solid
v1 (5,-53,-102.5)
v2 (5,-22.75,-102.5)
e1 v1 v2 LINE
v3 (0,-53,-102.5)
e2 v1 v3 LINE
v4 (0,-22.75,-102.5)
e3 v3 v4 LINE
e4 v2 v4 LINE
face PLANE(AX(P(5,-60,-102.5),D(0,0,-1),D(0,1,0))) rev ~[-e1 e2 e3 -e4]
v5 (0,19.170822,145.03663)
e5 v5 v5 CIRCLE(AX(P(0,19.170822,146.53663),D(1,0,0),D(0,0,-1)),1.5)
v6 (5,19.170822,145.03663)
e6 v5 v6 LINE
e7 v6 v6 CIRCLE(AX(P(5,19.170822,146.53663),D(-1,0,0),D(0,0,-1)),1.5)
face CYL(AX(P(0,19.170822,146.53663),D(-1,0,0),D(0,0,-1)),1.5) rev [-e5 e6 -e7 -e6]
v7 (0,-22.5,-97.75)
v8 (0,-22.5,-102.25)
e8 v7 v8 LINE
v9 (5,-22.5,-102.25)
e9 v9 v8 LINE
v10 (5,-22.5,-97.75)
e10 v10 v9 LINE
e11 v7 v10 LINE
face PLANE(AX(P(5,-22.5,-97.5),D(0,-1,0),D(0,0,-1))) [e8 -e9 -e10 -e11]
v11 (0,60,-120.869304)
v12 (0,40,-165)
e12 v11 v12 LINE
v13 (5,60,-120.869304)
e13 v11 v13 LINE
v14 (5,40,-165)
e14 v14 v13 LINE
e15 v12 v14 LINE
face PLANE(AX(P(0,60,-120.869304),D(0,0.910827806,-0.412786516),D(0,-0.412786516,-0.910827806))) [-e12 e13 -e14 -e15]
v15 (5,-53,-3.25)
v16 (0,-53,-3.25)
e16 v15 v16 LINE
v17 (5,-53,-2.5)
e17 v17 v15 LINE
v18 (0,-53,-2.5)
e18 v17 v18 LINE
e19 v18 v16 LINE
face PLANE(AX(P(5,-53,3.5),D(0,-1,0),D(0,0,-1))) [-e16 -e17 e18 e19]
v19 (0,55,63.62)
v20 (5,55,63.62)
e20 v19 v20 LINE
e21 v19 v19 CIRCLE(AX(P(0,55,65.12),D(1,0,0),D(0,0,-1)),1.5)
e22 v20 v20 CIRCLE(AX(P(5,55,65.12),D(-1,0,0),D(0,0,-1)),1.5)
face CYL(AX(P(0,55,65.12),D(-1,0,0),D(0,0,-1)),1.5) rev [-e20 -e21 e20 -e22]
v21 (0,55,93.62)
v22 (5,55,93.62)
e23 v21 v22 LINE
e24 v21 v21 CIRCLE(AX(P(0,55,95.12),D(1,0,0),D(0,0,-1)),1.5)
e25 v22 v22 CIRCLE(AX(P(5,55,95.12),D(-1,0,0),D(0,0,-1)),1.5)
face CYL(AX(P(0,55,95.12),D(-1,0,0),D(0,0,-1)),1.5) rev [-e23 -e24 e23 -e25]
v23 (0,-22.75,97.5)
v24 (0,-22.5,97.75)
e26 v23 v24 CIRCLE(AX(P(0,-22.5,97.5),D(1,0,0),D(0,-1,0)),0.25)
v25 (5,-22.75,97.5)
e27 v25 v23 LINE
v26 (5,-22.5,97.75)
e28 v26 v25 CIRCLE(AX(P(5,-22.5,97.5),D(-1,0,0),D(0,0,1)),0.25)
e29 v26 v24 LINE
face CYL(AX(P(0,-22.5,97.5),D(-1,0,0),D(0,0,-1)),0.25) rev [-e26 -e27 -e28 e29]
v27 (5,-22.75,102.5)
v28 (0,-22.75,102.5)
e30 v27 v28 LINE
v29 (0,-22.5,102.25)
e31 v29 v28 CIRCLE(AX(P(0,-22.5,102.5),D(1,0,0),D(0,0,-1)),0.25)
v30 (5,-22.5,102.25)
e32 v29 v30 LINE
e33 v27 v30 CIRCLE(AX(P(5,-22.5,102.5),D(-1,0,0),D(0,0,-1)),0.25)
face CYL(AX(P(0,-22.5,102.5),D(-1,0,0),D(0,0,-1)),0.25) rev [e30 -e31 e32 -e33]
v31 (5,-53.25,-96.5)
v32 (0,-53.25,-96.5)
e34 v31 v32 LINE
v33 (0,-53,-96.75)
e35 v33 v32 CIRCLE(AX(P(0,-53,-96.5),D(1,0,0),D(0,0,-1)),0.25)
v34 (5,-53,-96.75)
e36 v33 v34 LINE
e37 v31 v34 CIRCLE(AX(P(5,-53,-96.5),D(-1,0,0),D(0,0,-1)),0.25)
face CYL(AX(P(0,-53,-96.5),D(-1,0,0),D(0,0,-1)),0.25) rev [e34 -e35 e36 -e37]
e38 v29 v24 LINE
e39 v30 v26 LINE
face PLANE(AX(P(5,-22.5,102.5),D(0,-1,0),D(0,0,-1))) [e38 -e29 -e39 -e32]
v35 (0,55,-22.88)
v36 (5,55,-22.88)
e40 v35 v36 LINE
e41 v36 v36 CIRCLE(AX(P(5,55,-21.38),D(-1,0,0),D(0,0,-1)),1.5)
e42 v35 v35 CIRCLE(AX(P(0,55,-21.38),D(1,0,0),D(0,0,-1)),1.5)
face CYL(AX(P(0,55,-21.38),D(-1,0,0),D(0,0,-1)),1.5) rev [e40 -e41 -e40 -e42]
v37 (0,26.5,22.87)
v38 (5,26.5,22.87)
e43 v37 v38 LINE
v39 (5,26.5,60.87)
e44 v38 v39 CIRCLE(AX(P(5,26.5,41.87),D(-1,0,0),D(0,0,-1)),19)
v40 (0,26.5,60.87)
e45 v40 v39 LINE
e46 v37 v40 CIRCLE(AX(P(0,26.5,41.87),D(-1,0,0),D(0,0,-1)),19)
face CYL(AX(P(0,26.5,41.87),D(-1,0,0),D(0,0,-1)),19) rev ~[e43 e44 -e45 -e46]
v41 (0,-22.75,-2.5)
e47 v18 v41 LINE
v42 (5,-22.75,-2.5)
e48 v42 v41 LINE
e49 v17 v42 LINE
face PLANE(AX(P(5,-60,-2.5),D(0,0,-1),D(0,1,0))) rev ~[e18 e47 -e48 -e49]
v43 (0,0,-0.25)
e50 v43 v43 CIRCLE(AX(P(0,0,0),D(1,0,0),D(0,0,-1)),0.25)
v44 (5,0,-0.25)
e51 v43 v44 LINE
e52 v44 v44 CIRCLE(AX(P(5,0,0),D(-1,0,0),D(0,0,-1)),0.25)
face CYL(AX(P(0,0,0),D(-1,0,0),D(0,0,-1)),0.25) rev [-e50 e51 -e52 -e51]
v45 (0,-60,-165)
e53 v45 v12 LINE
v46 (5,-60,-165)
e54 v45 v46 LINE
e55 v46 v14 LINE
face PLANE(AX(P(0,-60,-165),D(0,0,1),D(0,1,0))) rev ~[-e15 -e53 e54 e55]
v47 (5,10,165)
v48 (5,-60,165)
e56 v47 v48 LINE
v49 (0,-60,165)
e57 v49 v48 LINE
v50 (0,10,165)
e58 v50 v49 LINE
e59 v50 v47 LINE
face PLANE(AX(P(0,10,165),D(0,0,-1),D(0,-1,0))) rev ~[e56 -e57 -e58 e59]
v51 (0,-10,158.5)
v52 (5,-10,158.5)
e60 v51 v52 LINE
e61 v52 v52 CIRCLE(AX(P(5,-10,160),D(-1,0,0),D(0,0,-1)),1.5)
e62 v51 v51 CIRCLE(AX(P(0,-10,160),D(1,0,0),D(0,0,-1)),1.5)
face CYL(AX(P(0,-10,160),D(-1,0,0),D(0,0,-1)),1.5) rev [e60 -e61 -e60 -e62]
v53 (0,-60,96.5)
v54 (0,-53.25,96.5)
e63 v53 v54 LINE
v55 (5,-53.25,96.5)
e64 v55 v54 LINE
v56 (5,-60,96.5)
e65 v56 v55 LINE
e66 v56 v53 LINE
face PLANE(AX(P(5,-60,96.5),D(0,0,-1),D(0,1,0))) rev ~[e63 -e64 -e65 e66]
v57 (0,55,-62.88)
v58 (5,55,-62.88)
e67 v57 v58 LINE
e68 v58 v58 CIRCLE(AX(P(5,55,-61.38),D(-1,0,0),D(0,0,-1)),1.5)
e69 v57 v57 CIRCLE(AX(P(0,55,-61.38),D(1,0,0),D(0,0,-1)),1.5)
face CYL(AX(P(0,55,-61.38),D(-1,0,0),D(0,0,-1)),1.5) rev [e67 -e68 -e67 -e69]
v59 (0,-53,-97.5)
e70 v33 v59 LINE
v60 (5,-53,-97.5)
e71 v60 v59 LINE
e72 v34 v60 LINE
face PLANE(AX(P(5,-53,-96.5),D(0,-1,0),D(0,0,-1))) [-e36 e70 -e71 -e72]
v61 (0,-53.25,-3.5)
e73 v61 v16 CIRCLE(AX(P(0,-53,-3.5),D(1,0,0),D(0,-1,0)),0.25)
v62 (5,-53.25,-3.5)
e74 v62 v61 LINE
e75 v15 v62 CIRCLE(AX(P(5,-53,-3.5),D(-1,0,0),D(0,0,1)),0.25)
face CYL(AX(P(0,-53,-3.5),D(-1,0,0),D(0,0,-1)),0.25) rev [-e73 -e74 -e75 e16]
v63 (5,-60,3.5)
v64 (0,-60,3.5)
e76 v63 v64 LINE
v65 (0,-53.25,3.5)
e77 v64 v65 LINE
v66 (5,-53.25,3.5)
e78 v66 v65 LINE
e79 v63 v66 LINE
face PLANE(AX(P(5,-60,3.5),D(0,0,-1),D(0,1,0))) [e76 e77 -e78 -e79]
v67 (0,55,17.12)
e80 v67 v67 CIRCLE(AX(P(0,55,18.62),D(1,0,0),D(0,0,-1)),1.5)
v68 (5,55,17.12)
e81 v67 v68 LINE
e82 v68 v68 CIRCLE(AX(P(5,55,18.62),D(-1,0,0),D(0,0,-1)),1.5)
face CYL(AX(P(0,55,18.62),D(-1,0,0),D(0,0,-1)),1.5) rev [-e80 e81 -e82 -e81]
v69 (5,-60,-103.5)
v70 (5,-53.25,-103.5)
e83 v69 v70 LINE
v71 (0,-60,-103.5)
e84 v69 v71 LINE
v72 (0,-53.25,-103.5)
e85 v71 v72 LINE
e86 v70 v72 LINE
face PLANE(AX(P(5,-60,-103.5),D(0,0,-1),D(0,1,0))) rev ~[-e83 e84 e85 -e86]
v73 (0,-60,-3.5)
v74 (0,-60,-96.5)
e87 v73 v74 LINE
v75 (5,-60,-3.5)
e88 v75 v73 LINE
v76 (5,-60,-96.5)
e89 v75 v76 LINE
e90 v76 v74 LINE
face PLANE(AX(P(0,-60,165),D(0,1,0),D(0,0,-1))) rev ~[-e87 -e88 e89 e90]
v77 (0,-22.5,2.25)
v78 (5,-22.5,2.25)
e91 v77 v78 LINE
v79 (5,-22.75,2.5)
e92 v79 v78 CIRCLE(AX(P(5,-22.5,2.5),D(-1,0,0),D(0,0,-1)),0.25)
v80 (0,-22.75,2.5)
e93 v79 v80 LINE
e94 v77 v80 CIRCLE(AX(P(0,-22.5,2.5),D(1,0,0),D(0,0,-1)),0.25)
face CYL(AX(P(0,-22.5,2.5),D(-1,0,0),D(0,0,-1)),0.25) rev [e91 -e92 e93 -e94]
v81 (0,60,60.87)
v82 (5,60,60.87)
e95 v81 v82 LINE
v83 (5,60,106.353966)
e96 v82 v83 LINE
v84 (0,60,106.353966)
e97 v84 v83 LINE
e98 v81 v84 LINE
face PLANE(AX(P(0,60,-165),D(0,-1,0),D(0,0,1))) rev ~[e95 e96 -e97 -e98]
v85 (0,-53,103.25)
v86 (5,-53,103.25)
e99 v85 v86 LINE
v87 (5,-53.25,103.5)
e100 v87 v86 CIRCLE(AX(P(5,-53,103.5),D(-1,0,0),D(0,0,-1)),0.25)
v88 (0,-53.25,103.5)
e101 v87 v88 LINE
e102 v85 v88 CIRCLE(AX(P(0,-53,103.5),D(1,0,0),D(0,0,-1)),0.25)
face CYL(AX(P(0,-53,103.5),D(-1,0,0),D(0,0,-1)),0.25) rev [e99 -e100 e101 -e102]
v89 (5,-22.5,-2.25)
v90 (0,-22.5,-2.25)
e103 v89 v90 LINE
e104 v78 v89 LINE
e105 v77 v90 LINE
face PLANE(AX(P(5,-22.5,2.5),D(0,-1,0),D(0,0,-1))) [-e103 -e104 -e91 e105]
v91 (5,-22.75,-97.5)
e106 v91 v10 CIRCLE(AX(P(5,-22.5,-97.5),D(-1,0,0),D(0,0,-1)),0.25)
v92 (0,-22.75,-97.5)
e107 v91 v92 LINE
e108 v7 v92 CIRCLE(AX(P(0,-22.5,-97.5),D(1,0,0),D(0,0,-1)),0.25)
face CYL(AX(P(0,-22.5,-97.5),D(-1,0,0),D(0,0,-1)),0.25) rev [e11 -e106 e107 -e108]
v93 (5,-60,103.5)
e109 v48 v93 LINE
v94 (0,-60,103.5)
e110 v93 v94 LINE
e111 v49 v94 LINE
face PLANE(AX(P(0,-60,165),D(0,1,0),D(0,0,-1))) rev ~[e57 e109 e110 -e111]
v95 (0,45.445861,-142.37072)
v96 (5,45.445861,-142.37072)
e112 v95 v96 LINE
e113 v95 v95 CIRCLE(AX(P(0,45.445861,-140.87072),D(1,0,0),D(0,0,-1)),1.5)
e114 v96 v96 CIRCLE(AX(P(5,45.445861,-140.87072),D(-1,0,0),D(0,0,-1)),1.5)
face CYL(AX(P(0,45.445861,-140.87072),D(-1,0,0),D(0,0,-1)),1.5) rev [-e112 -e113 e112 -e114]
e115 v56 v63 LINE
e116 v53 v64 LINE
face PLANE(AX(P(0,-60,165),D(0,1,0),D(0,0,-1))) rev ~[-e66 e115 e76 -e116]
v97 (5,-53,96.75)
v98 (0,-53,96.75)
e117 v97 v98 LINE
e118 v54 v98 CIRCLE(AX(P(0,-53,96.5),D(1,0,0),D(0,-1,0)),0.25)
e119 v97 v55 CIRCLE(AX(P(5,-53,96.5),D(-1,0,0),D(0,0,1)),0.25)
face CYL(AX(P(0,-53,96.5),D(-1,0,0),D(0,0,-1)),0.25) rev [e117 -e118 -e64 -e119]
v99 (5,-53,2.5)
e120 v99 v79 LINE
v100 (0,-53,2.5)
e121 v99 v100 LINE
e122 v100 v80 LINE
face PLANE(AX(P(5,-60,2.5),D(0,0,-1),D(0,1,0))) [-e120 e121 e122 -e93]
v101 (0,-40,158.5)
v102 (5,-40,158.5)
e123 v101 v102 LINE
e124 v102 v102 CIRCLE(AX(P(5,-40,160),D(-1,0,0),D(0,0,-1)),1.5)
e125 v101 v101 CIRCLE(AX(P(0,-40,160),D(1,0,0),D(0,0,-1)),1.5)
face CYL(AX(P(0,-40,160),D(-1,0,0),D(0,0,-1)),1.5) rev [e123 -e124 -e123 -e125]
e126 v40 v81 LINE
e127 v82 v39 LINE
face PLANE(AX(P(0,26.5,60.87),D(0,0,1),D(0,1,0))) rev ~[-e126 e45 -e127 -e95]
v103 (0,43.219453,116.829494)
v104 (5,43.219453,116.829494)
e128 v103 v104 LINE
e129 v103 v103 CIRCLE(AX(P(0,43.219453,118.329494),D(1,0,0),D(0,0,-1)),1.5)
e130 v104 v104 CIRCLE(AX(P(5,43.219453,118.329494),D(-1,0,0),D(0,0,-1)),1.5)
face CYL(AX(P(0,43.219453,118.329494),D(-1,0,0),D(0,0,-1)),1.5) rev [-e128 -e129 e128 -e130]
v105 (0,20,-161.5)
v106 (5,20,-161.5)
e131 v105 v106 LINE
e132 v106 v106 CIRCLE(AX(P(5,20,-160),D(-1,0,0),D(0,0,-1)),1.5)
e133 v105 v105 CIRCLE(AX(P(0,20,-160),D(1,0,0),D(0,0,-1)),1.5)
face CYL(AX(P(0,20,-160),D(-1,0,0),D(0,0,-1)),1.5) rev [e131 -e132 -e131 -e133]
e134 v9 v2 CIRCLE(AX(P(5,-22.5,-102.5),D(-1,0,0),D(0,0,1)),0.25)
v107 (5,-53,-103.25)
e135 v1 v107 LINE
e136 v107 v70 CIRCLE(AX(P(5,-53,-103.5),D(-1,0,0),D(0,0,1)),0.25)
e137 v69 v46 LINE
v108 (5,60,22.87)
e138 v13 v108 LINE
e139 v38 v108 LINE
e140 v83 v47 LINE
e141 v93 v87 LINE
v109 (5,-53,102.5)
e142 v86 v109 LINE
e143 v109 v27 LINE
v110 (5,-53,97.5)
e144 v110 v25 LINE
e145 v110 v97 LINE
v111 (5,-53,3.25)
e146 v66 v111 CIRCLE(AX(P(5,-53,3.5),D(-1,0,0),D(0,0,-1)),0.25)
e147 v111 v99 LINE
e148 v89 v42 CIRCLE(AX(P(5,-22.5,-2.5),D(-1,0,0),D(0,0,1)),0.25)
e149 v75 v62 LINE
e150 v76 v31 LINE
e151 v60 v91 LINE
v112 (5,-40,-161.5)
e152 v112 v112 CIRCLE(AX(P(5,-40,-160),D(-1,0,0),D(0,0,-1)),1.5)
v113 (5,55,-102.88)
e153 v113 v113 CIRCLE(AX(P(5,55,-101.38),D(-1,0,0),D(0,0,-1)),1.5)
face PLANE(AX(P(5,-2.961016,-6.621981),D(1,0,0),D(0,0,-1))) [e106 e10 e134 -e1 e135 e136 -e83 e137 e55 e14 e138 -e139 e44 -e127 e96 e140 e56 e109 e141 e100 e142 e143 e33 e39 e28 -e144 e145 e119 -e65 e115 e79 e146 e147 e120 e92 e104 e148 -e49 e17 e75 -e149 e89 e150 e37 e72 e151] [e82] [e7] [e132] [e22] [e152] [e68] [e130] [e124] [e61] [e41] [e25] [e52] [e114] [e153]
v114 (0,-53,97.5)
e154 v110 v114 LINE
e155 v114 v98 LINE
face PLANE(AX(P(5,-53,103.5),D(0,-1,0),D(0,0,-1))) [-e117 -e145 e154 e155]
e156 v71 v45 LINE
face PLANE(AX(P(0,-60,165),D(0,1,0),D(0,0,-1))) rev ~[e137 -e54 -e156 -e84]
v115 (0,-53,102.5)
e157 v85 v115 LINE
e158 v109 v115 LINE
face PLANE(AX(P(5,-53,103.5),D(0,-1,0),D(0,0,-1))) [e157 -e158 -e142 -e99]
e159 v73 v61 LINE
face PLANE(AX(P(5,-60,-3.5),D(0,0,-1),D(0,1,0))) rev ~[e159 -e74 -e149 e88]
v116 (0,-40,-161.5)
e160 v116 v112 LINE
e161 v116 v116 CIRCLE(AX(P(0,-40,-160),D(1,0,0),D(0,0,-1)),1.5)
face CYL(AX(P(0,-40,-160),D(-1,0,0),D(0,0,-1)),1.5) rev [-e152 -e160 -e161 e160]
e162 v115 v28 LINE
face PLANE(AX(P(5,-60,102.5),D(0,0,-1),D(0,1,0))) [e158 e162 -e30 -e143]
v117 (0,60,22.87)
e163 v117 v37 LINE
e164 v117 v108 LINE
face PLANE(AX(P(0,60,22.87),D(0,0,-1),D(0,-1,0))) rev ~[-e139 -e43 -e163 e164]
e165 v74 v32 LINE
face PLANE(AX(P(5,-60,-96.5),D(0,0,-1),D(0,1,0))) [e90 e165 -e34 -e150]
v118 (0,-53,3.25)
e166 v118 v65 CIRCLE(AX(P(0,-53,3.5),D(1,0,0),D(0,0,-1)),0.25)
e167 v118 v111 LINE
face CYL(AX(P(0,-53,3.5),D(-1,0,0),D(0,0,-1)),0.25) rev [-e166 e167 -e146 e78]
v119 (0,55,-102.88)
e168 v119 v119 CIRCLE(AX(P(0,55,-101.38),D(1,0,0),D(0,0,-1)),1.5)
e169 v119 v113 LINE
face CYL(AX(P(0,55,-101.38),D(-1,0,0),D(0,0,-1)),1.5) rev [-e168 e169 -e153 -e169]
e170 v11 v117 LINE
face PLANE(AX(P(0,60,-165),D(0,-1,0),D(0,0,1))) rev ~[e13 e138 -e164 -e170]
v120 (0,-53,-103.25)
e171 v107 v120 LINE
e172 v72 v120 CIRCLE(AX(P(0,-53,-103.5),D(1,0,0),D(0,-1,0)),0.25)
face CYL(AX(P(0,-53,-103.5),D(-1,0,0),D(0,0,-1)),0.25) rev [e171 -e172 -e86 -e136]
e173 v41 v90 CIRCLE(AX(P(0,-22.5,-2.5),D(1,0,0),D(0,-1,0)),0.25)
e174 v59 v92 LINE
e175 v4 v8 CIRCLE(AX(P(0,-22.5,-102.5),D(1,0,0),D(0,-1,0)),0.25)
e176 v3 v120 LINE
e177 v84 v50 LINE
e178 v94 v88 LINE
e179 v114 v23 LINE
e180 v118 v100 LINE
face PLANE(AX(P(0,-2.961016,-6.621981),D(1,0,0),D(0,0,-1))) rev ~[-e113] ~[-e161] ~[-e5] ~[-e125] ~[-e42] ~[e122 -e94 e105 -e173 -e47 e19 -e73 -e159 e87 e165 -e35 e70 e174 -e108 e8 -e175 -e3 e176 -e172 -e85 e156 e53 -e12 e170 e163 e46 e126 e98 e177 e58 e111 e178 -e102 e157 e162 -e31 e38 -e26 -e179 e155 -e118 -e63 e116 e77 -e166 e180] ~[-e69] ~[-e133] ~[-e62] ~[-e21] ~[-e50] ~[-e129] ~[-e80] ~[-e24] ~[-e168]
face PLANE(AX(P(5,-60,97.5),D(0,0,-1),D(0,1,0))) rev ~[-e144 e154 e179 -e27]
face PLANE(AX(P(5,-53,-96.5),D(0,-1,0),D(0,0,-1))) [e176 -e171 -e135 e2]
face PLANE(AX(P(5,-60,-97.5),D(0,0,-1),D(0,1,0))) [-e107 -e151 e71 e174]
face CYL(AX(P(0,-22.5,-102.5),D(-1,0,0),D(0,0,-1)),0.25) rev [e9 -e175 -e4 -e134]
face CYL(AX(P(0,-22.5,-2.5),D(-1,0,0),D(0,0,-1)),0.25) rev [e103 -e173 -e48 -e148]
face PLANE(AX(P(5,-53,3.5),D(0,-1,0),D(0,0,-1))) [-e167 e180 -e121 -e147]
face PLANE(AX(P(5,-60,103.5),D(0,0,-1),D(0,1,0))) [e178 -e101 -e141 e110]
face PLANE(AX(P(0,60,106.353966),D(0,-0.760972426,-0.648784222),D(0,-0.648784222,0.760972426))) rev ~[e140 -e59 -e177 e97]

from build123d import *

# Parameters (mm, degrees)
ESTRUSIONE_ESTRUSIONE1_DEPTH = 5
TAGLIO_ESTRUSIONE5_DEPTH     = 6
SCHIZZO2_W                   = 5
SCHIZZO2_H                   = 37.5
TAGLIO_ESTRUSIONE1_DEPTH     = 6
SCHIZZO3_R                   = 1.5
TAGLIO_ESTRUSIONE2_DEPTH     = 6
SCHIZZO8_W                   = 7
SCHIZZO8_H                   = 7
TAGLIO_ESTRUSIONE6_DEPTH     = 6
SCHIZZO10_R                  = 0.25
TAGLIO_ESTRUSIONE11_DEPTH    = 6


with BuildPart() as part:
    # Schizzo1 → Estrusione-Estrusione1 (new body)
    with BuildSketch(Plane(origin=(0, 0, 0), x_dir=(0, 0, -1), z_dir=(1, 0, 0))):
        Polygon((165, 60), (-106.353966324, 60), (-165, 10), (-165, -60), (165, -60), align=None)
    extrude(amount=ESTRUSIONE_ESTRUSIONE1_DEPTH)

    # Schizzo7 → Taglio-Estrusione5 (cut, through all)
    with BuildSketch(Plane(origin=(0, 0, 0), x_dir=(0, 0, -1), z_dir=(1, 0, 0))):
        Polygon((165, 40), (165, 60), (120.869304328, 60), align=None)
    extrude(amount=TAGLIO_ESTRUSIONE5_DEPTH, mode=Mode.SUBTRACT)

    # Schizzo2 → Taglio-Estrusione1 (cut, through all)
    with BuildSketch(Plane(origin=(5, 0, 0), x_dir=(0, 0, -1), z_dir=(1, 0, 0))):
        with Locations((100, -41.25)):
            Rectangle(SCHIZZO2_W, SCHIZZO2_H)
        with Locations((0, -41.25)):
            Rectangle(SCHIZZO2_W, SCHIZZO2_H)
        with Locations((-100, -41.25)):
            Rectangle(SCHIZZO2_W, SCHIZZO2_H)
    extrude(amount=-TAGLIO_ESTRUSIONE1_DEPTH, mode=Mode.SUBTRACT)

    # Schizzo3 → Taglio-Estrusione2 (cut, through all)
    with BuildSketch(Plane(origin=(0, 0, 0), x_dir=(0, 0, -1), z_dir=(1, 0, 0))):
        with Locations((-65.12, 55)):
            Circle(SCHIZZO3_R)
        with Locations((-18.62, 55)):
            Circle(SCHIZZO3_R)
        with Locations((-95.12, 55)):
            Circle(SCHIZZO3_R)
        with Locations((21.38, 55)):
            Circle(SCHIZZO3_R)
        with Locations((61.38, 55)):
            Circle(SCHIZZO3_R)
        with Locations((101.38, 55)):
            Circle(SCHIZZO3_R)
        with Locations((-118.329493742, 43.219453434)):
            Circle(SCHIZZO3_R)
        with Locations((-146.536630365, 19.170822303)):
            Circle(SCHIZZO3_R)
        with Locations((-160, -10)):
            Circle(SCHIZZO3_R)
        with Locations((-160, -40)):
            Circle(SCHIZZO3_R)
        with Locations((160, -40)):
            Circle(SCHIZZO3_R)
        with Locations((160, 20)):
            Circle(SCHIZZO3_R)
        with Locations((140.870719583, 45.44586097)):
            Circle(SCHIZZO3_R)
        with BuildLine():
            Line((-60.87, 26.5), (-60.87, 60))
            ThreePointArc((-60.87, 60), (-41.87, 79), (-22.87, 60))
            Line((-22.87, 60), (-22.87, 26.5))
            ThreePointArc((-22.87, 26.5), (-41.87, 7.5), (-60.87, 26.5))
        make_face()
    extrude(amount=TAGLIO_ESTRUSIONE2_DEPTH, mode=Mode.SUBTRACT)

    # Schizzo8 → Taglio-Estrusione6 (cut, through all)
    with BuildSketch(Plane(origin=(5, 0, 0), x_dir=(0, 0, -1), z_dir=(1, 0, 0))):
        with Locations((0, -56.5)):
            Rectangle(SCHIZZO8_W, SCHIZZO8_H)
        with Locations((100, -56.5)):
            Rectangle(SCHIZZO8_W, SCHIZZO8_H)
        with Locations((-100, -56.5)):
            Rectangle(SCHIZZO8_W, SCHIZZO8_H)
    extrude(amount=-TAGLIO_ESTRUSIONE6_DEPTH, mode=Mode.SUBTRACT)

    # Schizzo10 → Taglio-Estrusione11 (cut, through all)
    with BuildSketch(Plane(origin=(0, 0, 0), x_dir=(0, 0, -1), z_dir=(1, 0, 0))):
        with Locations((-102.5, -22.5)):
            Circle(SCHIZZO10_R)
        with Locations((-97.5, -22.5)):
            Circle(SCHIZZO10_R)
        with Locations((-103.5, -53)):
            Circle(SCHIZZO10_R)
        with Locations((-96.5, -53)):
            Circle(SCHIZZO10_R)
        with Locations((-2.5, -22.5)):
            Circle(SCHIZZO10_R)
        Circle(SCHIZZO10_R)
        with Locations((2.5, -22.5)):
            Circle(SCHIZZO10_R)
        with Locations((-3.5, -53)):
            Circle(SCHIZZO10_R)
        with Locations((3.5, -53)):
            Circle(SCHIZZO10_R)
        with Locations((97.5, -22.5)):
            Circle(SCHIZZO10_R)
        with Locations((102.5, -22.5)):
            Circle(SCHIZZO10_R)
        with Locations((96.5, -53)):
            Circle(SCHIZZO10_R)
        with Locations((103.5, -53)):
            Circle(SCHIZZO10_R)
    extrude(amount=TAGLIO_ESTRUSIONE11_DEPTH, mode=Mode.SUBTRACT)


solid = part.part
